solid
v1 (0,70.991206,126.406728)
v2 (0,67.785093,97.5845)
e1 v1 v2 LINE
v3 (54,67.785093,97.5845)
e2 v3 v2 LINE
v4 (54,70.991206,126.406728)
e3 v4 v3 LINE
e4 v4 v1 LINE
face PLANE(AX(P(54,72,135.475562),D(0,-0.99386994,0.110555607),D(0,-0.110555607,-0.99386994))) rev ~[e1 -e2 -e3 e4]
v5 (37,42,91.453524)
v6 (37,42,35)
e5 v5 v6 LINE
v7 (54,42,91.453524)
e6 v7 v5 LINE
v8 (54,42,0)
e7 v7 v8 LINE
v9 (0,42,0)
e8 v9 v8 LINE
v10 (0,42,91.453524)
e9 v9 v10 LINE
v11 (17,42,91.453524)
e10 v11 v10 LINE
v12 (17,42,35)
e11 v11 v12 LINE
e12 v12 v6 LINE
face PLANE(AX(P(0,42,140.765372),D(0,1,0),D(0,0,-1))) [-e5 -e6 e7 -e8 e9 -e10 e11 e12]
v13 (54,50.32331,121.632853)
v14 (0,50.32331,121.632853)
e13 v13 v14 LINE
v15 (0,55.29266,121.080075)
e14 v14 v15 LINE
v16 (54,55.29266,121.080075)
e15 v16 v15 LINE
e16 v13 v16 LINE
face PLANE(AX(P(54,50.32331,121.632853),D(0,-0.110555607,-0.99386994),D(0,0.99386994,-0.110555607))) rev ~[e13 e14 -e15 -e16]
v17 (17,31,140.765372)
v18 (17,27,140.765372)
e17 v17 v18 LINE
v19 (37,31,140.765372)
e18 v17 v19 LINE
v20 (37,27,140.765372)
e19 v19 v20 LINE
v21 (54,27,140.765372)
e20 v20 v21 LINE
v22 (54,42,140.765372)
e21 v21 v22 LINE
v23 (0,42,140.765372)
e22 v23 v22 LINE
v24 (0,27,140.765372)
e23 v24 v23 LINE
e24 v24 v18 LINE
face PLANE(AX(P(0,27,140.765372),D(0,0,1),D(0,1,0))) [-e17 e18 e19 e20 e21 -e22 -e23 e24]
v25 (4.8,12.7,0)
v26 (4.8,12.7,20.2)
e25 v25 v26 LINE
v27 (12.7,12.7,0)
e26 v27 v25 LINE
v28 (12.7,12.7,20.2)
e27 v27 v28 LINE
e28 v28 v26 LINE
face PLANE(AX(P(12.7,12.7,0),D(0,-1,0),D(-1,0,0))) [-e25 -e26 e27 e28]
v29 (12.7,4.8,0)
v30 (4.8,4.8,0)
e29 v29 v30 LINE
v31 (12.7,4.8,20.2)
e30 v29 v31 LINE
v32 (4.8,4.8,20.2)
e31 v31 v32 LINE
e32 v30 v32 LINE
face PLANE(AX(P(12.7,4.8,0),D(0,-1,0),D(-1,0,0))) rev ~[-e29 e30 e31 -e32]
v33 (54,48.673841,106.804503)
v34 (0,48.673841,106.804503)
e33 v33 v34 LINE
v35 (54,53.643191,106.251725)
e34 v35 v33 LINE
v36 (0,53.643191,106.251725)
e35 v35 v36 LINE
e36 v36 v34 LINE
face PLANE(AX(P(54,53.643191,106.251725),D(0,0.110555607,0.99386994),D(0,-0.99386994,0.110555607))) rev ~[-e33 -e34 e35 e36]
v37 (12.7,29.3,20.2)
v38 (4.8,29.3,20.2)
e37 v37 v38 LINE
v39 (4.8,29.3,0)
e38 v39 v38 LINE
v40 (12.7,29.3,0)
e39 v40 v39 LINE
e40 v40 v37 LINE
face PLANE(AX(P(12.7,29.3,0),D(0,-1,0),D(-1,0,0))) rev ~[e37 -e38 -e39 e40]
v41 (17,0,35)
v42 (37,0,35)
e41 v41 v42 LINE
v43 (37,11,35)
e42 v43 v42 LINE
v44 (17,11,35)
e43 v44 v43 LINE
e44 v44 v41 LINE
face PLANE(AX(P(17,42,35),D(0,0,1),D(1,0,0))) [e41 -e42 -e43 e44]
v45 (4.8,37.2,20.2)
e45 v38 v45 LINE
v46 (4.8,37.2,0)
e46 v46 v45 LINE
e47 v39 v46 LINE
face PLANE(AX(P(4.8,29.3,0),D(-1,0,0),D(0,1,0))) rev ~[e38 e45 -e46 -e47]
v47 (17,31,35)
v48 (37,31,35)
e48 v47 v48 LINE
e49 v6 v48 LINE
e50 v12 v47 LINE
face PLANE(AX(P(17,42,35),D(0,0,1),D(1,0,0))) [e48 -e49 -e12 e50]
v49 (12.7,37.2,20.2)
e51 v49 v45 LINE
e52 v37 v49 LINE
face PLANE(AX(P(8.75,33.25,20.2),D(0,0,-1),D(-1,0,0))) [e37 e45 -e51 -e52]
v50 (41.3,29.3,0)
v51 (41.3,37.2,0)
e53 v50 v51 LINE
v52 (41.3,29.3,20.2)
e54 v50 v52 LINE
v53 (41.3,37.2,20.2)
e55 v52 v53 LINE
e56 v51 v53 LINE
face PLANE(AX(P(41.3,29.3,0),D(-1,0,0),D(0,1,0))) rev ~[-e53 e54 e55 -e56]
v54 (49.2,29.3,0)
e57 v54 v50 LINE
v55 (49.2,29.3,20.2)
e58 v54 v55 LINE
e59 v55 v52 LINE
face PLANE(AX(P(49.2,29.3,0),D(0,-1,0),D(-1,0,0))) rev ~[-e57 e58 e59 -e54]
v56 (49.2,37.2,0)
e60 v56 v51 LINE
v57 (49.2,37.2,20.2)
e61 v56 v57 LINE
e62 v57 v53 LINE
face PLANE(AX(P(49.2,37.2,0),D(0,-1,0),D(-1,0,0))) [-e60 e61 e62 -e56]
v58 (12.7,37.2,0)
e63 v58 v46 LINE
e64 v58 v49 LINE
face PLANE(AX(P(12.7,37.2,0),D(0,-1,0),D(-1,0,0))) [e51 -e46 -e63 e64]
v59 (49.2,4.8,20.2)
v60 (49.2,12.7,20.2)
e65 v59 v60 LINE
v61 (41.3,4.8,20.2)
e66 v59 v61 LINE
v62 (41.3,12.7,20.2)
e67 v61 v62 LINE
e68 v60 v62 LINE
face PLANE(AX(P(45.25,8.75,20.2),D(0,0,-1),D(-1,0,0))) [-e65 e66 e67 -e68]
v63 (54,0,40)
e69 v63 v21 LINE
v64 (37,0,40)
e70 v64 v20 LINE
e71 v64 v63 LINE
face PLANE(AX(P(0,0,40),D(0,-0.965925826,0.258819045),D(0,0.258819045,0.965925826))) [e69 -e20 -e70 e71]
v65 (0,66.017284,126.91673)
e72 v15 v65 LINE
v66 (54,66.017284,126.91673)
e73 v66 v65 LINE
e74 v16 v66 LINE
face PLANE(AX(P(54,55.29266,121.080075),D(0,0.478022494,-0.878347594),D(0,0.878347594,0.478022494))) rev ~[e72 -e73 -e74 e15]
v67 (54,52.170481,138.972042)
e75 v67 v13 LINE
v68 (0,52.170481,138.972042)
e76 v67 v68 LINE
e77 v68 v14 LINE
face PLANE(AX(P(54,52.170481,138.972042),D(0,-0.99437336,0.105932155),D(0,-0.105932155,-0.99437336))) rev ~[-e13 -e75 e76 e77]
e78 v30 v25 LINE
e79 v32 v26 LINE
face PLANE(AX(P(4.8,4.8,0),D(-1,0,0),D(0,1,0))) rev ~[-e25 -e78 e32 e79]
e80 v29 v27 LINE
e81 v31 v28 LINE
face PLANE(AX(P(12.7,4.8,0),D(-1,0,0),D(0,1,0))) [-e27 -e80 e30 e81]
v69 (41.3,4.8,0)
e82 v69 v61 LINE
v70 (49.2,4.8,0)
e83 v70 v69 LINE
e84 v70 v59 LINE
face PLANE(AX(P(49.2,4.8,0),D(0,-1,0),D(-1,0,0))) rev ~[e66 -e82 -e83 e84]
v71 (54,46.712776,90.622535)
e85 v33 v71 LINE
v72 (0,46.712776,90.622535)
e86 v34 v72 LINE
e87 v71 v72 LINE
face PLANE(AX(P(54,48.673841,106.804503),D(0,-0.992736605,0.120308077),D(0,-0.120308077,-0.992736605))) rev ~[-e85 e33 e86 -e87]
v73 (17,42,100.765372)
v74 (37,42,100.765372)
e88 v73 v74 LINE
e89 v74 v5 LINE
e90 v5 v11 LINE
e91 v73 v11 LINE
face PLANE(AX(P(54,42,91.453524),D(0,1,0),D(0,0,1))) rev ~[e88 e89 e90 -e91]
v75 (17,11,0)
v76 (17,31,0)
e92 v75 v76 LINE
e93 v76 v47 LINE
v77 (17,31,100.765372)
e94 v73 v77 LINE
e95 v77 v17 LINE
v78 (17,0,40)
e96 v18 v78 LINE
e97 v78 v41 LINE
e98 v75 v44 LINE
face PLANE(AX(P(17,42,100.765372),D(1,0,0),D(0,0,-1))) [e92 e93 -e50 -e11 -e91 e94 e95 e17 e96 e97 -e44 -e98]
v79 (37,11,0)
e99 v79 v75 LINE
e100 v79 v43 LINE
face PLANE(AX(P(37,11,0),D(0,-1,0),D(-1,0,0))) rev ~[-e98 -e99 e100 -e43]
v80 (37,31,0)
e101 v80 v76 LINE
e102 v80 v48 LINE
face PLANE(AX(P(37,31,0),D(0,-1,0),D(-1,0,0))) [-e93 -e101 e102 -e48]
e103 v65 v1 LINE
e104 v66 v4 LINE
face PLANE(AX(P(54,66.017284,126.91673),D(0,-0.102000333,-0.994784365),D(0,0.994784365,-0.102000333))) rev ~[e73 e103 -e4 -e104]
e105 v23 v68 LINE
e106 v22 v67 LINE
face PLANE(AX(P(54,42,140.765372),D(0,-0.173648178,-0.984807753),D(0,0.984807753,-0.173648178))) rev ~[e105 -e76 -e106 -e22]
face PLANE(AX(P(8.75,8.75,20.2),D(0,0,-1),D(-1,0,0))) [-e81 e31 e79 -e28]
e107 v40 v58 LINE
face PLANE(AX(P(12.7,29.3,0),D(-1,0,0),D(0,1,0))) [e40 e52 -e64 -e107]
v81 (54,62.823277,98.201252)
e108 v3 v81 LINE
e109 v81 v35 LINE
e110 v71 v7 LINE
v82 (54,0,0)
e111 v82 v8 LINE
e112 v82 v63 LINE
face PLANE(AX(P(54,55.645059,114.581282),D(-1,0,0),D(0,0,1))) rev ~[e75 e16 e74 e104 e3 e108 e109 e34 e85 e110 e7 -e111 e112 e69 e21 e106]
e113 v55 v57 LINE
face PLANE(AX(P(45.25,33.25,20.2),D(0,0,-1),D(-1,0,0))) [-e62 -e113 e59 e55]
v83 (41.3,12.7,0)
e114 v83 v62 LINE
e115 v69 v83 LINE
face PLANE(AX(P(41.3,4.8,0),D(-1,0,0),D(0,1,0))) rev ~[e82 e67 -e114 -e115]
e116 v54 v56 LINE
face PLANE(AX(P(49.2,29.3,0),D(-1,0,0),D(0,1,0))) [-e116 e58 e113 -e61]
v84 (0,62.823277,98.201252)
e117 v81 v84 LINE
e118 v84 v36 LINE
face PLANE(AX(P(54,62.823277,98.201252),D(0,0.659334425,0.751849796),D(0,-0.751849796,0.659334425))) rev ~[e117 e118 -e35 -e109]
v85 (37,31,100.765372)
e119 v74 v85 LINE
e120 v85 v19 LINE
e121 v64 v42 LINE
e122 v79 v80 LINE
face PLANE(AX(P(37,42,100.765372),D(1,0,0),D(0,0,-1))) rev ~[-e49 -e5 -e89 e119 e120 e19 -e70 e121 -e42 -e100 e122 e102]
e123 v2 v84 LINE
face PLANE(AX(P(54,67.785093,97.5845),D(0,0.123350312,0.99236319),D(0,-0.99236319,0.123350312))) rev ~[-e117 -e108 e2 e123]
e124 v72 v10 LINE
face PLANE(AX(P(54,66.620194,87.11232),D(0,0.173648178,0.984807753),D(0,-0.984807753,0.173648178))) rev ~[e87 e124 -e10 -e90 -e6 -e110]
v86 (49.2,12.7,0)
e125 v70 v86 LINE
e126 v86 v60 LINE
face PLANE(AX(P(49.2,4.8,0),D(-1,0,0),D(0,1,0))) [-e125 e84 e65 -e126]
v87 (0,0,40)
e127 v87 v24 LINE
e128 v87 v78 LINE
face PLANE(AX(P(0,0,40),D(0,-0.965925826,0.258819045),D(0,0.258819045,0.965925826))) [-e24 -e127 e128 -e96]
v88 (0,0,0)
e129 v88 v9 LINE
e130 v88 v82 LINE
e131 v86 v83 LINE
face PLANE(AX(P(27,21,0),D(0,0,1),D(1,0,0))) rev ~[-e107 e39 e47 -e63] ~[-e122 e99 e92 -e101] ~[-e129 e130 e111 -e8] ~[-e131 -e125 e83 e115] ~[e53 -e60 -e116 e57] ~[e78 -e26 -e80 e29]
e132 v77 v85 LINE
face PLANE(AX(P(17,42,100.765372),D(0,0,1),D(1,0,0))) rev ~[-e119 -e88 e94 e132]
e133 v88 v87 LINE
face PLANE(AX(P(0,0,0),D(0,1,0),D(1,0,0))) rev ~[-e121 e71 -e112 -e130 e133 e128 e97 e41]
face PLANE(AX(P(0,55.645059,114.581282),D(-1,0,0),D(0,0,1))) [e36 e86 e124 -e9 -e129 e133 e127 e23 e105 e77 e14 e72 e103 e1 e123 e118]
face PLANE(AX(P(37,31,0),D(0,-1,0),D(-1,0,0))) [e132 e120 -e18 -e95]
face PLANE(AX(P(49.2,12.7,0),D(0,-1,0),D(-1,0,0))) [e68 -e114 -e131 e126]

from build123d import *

# Parameters (mm, degrees)
SKETCH1_W           = 54
SKETCH1_H           = 42
BOSS_EXTRUDE1_DEPTH = 40
BOSS_EXTRUDE2_DEPTH = 54
SKETCH12_W          = 20
SKETCH12_H          = 65.765371804
CUT_EXTRUDE5_DEPTH  = 157.508433956
SKETCH13_W          = 20
SKETCH13_H          = 20
CUT_EXTRUDE6_DEPTH  = 157.508433956
SKETCH14_W          = 7.9
SKETCH14_H          = 7.9
CUT_EXTRUDE7_DEPTH  = 20.2
BOSS_EXTRUDE3_DEPTH = 54
CUT_EXTRUDE8_DEPTH  = 54


with BuildPart() as part:
    # Sketch1 → Boss-Extrude1 (new body)
    with BuildSketch(Plane.XY):
        with Locations((27, 21)):
            Rectangle(SKETCH1_W, SKETCH1_H)
    extrude(amount=BOSS_EXTRUDE1_DEPTH)

    # Sketch5 → Boss-Extrude2 (add)
    with BuildSketch(Plane.ZY):
        Polygon((140.765371804, 42), (40, 42), (40, 0), (140.765371804, 27), align=None)
    extrude(amount=-BOSS_EXTRUDE2_DEPTH)

    # Sketch12 → Cut-Extrude5 (cut, through all)
    with BuildSketch(Plane(origin=(0, 42, 0), x_dir=(1, 0, 0), z_dir=(0, 1, 0))):
        with Locations((27, -67.882685902)):
            Rectangle(SKETCH12_W, SKETCH12_H)
    extrude(amount=-CUT_EXTRUDE5_DEPTH, mode=Mode.SUBTRACT)

    # Sketch13 → Cut-Extrude6 (cut, through all)
    with BuildSketch(Plane(origin=(0, 0, 0), x_dir=(-1, 0, 0), z_dir=(0, 0, -1))):
        with Locations((-27, 21)):
            Rectangle(SKETCH13_W, SKETCH13_H)
    extrude(amount=-CUT_EXTRUDE6_DEPTH, mode=Mode.SUBTRACT)

    # Sketch14 → Cut-Extrude7 (cut)
    with BuildSketch(Plane(origin=(0, 0, 0), x_dir=(-1, 0, 0), z_dir=(0, 0, -1))):
        with Locations((-45.25, 33.25)):
            Rectangle(SKETCH14_W, SKETCH14_H)
        with Locations((-45.25, 8.75)):
            Rectangle(SKETCH14_W, SKETCH14_H)
        with Locations((-8.75, 33.25)):
            Rectangle(SKETCH14_W, SKETCH14_H)
        with Locations((-8.75, 8.75)):
            Rectangle(SKETCH14_W, SKETCH14_H)
    extrude(amount=-CUT_EXTRUDE7_DEPTH, mode=Mode.SUBTRACT)

    # Sketch16 → Boss-Extrude3 (add)
    with BuildSketch(Plane(origin=(54, 0, 0), x_dir=(0, 0, -1), z_dir=(1, 0, 0))):
        Polygon((-140.765371804, 42), (-135.475562383, 72), (-87.112319758, 66.620193825), (-91.4535242, 42), align=None)
    extrude(amount=-BOSS_EXTRUDE3_DEPTH)

    # Sketch18 → Cut-Extrude8 (cut)
    with BuildSketch(Plane(origin=(54, 0, 0), x_dir=(0, 0, -1), z_dir=(1, 0, 0))):
        Polygon((-126.406728237, 70.991205567), (-135.475562383, 72), (-138.97204162, 52.170480871), (-121.632853281, 50.323309926), (-121.080075246, 55.292659626), (-126.9167299, 66.017283743), align=None)
        Polygon((-97.584499975, 67.785092966), (-98.201251534, 62.823277017), (-106.251724868, 53.643191009), (-106.804502902, 48.673841309), (-90.622534666, 46.712775836), (-87.112319758, 66.620193825), align=None)
    extrude(amount=-CUT_EXTRUDE8_DEPTH, mode=Mode.SUBTRACT)


solid = part.part
